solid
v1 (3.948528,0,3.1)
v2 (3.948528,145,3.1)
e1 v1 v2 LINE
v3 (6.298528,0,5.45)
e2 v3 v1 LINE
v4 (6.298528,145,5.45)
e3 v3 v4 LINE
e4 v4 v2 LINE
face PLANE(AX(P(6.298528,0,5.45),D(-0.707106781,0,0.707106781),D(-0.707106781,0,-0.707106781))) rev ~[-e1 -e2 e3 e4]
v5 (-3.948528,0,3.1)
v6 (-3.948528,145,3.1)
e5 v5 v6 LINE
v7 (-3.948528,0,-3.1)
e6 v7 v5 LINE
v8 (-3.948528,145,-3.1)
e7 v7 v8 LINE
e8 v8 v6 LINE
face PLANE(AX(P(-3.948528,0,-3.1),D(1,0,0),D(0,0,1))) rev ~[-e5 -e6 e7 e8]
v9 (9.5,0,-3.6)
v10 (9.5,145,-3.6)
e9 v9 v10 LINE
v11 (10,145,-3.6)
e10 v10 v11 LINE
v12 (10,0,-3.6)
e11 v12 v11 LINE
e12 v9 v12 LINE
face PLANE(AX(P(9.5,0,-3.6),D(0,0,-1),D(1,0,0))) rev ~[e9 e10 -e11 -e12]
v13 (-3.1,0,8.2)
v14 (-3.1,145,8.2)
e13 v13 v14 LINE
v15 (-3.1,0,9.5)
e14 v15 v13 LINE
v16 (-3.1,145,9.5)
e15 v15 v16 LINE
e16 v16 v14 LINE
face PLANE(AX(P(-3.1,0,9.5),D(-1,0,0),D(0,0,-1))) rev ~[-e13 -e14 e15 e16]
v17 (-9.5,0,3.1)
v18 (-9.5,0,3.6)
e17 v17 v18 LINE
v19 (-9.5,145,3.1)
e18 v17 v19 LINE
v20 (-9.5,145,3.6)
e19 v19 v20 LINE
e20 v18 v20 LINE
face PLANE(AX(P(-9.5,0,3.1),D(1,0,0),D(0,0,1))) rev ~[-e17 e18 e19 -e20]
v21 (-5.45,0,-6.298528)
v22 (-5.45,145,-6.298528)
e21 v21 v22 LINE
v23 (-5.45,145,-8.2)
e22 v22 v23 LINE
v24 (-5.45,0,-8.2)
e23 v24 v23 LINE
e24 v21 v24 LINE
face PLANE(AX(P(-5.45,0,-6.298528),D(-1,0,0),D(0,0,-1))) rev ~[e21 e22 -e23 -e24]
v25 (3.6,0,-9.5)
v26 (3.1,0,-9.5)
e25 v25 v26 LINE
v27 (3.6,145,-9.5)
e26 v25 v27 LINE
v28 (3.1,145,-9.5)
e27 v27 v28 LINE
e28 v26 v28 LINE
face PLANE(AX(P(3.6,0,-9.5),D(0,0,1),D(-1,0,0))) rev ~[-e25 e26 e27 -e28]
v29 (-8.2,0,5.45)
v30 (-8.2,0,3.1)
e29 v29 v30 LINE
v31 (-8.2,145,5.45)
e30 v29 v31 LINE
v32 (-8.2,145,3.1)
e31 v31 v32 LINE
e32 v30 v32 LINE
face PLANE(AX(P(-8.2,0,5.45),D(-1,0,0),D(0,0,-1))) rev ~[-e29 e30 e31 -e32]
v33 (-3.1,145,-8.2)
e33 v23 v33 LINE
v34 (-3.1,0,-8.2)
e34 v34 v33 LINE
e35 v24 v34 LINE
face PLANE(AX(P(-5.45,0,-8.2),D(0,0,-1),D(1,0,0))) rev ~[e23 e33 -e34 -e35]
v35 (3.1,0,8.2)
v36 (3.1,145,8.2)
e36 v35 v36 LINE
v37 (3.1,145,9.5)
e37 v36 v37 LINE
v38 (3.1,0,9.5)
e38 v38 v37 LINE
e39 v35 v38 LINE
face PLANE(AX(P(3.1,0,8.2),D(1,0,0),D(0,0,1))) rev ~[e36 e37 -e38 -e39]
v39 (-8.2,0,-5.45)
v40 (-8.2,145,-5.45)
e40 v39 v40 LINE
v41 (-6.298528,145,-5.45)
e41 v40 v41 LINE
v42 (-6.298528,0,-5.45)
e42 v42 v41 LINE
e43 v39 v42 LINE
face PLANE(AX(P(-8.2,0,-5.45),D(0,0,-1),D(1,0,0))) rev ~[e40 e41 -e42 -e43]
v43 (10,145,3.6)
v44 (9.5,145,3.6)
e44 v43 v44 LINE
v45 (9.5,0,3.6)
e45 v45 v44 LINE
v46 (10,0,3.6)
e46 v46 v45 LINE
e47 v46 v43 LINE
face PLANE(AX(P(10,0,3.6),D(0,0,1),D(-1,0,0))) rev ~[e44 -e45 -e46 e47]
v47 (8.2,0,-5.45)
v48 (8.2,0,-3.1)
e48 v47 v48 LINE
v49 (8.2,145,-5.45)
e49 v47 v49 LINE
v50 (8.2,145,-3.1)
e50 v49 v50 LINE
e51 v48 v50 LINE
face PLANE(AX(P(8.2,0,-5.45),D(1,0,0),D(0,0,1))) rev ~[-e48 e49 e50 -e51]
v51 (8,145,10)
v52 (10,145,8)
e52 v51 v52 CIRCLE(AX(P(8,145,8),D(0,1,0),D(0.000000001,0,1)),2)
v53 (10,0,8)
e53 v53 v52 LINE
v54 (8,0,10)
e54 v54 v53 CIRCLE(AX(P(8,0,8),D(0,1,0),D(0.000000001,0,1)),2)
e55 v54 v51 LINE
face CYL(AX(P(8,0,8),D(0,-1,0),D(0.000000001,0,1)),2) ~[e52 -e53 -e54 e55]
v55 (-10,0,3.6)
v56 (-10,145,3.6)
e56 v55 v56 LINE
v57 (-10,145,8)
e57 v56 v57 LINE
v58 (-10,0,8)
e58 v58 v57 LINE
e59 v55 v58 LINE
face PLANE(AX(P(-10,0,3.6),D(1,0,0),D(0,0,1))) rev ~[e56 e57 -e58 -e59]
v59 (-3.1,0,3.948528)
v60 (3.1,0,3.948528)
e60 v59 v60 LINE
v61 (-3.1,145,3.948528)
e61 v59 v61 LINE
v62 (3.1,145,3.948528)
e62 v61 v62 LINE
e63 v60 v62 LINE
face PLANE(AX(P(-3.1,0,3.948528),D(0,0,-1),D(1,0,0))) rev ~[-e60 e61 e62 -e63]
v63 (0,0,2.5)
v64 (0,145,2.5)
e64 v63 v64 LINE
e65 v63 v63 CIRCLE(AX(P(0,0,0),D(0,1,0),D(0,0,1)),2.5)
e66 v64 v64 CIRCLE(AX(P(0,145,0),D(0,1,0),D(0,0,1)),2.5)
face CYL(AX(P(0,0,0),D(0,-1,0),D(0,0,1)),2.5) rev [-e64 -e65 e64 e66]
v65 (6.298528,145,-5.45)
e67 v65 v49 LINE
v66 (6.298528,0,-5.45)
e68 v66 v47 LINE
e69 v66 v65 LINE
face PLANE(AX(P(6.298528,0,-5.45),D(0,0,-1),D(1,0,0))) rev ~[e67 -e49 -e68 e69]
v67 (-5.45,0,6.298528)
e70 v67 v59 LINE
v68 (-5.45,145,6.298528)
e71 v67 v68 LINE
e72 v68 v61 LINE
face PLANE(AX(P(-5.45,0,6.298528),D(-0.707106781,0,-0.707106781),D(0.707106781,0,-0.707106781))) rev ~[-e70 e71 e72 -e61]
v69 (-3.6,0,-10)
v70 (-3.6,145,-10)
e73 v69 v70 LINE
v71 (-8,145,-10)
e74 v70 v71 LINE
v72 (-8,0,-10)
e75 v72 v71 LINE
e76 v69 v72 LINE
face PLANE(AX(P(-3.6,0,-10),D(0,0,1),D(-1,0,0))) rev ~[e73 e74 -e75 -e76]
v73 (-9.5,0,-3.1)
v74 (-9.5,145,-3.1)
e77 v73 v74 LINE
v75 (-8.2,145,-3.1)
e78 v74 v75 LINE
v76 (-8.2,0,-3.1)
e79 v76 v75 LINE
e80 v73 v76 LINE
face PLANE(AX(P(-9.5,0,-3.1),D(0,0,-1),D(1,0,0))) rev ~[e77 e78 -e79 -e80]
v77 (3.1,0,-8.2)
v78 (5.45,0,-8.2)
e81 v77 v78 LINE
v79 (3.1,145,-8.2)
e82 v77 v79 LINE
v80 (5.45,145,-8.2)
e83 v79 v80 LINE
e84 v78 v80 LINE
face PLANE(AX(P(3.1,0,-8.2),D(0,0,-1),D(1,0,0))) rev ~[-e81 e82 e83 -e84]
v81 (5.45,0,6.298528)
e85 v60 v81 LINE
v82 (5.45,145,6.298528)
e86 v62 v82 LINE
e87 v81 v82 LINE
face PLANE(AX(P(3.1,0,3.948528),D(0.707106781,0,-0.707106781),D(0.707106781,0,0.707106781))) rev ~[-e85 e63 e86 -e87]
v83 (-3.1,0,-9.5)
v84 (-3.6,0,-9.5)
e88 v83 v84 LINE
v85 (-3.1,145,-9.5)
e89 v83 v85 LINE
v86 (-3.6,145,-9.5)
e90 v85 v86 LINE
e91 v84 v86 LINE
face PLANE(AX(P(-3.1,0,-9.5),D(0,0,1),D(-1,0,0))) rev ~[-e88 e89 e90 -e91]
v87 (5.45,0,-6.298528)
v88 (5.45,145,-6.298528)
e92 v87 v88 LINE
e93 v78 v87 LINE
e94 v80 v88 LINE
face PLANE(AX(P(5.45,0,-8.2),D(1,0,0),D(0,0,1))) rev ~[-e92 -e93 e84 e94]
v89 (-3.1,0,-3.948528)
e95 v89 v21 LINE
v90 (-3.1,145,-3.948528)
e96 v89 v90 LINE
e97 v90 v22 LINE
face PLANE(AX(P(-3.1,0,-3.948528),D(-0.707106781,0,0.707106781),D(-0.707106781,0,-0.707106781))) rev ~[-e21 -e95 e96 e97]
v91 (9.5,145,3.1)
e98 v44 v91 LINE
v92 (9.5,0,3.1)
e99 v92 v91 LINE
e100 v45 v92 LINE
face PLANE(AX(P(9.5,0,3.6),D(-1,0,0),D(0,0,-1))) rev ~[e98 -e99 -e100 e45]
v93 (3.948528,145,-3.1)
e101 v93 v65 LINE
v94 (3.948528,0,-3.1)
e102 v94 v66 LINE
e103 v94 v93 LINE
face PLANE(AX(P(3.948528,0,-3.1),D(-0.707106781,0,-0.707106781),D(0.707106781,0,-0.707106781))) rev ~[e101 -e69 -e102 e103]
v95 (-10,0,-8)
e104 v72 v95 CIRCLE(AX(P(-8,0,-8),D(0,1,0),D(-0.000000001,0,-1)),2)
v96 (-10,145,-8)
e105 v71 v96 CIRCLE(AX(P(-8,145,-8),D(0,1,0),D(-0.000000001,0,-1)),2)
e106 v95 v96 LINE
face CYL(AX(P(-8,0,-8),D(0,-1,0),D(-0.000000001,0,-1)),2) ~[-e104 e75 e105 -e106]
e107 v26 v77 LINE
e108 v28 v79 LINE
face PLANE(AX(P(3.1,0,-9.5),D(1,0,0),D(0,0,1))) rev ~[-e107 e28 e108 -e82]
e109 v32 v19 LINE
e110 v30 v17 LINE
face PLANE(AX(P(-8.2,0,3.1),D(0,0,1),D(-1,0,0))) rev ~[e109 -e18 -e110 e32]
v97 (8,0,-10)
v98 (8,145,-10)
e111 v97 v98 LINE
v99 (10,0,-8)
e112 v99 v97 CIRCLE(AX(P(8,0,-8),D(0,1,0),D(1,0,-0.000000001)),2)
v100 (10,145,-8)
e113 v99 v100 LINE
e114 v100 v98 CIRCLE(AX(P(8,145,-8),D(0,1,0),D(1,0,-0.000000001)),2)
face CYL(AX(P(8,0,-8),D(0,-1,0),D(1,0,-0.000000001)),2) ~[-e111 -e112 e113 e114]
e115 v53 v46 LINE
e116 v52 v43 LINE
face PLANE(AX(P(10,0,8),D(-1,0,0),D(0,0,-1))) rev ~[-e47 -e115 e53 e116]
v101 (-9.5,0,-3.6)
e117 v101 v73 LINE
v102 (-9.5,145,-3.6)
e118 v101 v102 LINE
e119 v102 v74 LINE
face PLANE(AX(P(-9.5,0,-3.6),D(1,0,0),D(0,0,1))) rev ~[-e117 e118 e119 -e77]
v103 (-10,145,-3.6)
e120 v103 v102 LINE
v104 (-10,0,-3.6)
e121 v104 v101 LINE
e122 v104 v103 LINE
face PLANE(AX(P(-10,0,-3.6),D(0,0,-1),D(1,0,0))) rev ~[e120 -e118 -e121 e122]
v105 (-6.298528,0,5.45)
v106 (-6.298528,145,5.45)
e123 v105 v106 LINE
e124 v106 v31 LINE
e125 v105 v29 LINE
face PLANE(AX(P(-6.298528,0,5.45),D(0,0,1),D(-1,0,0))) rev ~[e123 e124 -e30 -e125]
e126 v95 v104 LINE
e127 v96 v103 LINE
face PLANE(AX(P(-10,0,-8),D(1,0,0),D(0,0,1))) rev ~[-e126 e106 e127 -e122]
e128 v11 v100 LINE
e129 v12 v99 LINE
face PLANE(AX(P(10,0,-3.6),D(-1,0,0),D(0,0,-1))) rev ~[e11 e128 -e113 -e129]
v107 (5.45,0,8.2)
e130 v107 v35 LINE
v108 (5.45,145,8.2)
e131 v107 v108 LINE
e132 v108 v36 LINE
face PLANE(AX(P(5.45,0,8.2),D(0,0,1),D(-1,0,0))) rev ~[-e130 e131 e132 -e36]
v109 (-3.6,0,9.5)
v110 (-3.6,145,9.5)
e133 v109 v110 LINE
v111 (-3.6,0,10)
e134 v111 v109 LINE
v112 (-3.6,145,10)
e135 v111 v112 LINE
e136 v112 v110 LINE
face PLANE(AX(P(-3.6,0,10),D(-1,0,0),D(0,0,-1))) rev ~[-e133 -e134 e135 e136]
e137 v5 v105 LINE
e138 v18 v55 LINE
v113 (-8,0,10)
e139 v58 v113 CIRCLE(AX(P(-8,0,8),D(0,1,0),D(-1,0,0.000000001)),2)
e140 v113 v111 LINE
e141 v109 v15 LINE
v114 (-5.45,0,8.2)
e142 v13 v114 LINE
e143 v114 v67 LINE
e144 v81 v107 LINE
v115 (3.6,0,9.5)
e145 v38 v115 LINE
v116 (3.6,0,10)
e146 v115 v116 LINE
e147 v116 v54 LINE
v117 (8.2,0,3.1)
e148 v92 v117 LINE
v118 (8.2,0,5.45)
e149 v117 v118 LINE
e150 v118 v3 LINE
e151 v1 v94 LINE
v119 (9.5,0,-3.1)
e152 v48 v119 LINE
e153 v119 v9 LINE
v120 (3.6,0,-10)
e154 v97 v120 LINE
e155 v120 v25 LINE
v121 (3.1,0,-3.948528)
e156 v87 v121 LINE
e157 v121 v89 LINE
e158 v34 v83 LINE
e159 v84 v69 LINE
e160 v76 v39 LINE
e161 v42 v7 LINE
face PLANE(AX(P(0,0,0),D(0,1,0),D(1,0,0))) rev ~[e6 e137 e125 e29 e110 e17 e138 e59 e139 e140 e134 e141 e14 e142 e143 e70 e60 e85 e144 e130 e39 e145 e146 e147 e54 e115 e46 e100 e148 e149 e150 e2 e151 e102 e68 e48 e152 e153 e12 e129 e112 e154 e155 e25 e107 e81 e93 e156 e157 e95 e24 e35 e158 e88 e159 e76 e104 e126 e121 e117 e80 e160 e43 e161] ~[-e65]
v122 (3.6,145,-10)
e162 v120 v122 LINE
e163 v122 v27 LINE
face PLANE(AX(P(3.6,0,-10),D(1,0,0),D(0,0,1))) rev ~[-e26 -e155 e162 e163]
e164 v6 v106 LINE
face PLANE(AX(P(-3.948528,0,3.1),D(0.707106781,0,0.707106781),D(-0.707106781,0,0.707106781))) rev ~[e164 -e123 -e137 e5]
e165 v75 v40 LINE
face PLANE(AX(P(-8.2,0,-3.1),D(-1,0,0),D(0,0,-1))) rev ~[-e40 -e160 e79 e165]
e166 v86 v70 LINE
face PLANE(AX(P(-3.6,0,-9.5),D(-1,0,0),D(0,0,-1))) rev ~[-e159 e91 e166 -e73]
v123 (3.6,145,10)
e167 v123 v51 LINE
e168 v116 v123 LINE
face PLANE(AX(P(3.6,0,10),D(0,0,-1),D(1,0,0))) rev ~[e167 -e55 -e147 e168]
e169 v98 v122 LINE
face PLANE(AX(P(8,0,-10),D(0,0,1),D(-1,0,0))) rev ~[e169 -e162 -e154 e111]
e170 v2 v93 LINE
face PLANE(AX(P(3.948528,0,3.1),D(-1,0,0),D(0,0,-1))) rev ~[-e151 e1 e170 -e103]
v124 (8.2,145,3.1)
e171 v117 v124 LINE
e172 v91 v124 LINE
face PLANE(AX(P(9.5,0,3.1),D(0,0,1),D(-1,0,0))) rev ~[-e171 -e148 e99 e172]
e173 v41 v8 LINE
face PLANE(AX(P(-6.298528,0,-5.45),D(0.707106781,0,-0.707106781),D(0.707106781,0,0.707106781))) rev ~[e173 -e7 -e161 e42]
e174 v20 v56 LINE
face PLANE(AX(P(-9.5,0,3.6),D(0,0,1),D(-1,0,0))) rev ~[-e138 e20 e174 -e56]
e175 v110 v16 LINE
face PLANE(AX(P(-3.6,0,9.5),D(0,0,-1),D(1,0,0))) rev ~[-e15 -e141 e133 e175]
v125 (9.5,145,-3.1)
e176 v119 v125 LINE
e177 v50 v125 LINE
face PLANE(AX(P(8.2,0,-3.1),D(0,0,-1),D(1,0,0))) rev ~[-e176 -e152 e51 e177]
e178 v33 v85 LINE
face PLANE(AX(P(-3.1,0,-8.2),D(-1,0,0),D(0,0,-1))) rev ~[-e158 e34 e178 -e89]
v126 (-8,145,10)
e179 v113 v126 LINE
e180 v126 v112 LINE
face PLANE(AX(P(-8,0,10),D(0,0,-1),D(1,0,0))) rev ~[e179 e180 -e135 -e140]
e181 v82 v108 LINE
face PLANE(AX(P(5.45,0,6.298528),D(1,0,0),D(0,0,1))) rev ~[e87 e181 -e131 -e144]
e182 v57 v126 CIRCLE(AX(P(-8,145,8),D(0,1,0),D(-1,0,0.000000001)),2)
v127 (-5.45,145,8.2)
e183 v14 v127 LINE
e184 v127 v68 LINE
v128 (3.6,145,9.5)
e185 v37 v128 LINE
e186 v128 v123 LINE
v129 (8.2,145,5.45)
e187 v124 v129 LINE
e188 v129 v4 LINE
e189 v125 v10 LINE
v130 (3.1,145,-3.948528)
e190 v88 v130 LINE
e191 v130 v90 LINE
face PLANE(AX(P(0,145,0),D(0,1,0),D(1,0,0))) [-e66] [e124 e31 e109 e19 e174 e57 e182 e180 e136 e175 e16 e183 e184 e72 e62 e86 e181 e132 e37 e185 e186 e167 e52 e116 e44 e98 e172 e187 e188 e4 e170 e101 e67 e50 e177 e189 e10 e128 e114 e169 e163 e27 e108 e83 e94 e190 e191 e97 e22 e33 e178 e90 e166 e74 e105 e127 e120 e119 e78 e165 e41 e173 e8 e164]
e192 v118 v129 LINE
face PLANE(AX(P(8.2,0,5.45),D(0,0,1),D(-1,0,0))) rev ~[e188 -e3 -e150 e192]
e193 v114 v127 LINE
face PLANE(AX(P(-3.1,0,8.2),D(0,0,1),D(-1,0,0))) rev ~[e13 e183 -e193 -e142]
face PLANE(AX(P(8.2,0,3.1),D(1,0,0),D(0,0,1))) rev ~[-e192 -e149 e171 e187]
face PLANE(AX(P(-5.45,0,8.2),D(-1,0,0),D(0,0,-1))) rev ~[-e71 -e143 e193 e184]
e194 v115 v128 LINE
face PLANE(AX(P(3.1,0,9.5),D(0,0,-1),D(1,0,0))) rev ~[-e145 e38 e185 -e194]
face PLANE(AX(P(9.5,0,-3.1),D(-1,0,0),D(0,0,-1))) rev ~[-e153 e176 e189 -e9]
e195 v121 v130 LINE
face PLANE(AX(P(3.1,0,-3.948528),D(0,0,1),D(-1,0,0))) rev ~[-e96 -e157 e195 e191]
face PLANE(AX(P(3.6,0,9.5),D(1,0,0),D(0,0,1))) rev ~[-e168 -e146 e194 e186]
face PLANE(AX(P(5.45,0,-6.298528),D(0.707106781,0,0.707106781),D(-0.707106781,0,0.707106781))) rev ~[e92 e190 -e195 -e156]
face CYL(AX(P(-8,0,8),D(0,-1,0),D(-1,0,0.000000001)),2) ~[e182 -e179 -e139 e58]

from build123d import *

# Parameters (mm, degrees)
SKETCH_1_R      = 2.5
EXTRUDE_1_DEPTH = 145


with BuildPart() as part:
    # 草图1 → 凸台-拉伸1 (new body)
    with BuildSketch(Plane(origin=(0, 0, 0), x_dir=(1, 0, 0), z_dir=(0, 1, 0))):
        with BuildLine():
            Line((-3.948528137, -3.1), (-6.298528137, -5.45))
            Line((-6.298528137, -5.45), (-8.2, -5.45))
            Line((-8.2, -5.45), (-8.2, -3.1))
            Line((-8.2, -3.1), (-9.5, -3.1))
            Line((-9.5, -3.1), (-9.5, -3.6))
            Line((-9.5, -3.6), (-10, -3.6))
            Line((-10, -3.6), (-10, -8))
            ThreePointArc((-10, -8), (-9.414213562, -9.414213562), (-8, -10))
            Line((-8, -10), (-3.6, -10))
            Line((-3.6, -10), (-3.6, -9.5))
            Line((-3.6, -9.5), (-3.1, -9.5))
            Line((-3.1, -9.5), (-3.1, -8.2))
            Line((-3.1, -8.2), (-5.45, -8.2))
            Line((-5.45, -8.2), (-5.45, -6.298528137))
            Line((-5.45, -6.298528137), (-3.1, -3.948528137))
            Line((-3.1, -3.948528137), (0, -3.948528137))
            Line((0, -3.948528137), (3.1, -3.948528137))
            Line((3.1, -3.948528137), (5.45, -6.298528137))
            Line((5.45, -6.298528137), (5.45, -8.2))
            Line((5.45, -8.2), (3.1, -8.2))
            Line((3.1, -8.2), (3.1, -9.5))
            Line((3.1, -9.5), (3.6, -9.5))
            Line((3.6, -9.5), (3.6, -10))
            Line((3.6, -10), (8, -10))
            ThreePointArc((8, -10), (9.414213562, -9.414213562), (10, -8))
            Line((10, -8), (10, -3.6))
            Line((10, -3.6), (9.5, -3.6))
            Line((9.5, -3.6), (9.5, -3.1))
            Line((9.5, -3.1), (8.2, -3.1))
            Line((8.2, -3.1), (8.2, -5.45))
            Line((8.2, -5.45), (6.298528137, -5.45))
            Line((6.298528137, -5.45), (3.948528137, -3.1))
            Line((3.948528137, -3.1), (3.948528137, 0))
            Line((3.948528137, 0), (3.948528137, 3.1))
            Line((3.948528137, 3.1), (6.298528137, 5.45))
            Line((6.298528137, 5.45), (8.2, 5.45))
            Line((8.2, 5.45), (8.2, 3.1))
            Line((8.2, 3.1), (9.5, 3.1))
            Line((9.5, 3.1), (9.5, 3.6))
            Line((9.5, 3.6), (10, 3.6))
            Line((10, 3.6), (10, 8))
            ThreePointArc((10, 8), (9.414213562, 9.414213562), (8, 10))
            Line((8, 10), (3.6, 10))
            Line((3.6, 10), (3.6, 9.5))
            Line((3.6, 9.5), (3.1, 9.5))
            Line((3.1, 9.5), (3.1, 8.2))
            Line((3.1, 8.2), (5.45, 8.2))
            Line((5.45, 8.2), (5.45, 6.298528137))
            Line((5.45, 6.298528137), (3.1, 3.948528137))
            Line((3.1, 3.948528137), (0, 3.948528137))
            Line((0, 3.948528137), (-3.1, 3.948528137))
            Line((-3.1, 3.948528137), (-5.45, 6.298528137))
            Line((-5.45, 6.298528137), (-5.45, 8.2))
            Line((-5.45, 8.2), (-3.1, 8.2))
            Line((-3.1, 8.2), (-3.1, 9.5))
            Line((-3.1, 9.5), (-3.6, 9.5))
            Line((-3.6, 9.5), (-3.6, 10))
            Line((-3.6, 10), (-8, 10))
            ThreePointArc((-8, 10), (-9.414213562, 9.414213562), (-10, 8))
            Line((-10, 8), (-10, 3.6))
            Line((-10, 3.6), (-9.5, 3.6))
            Line((-9.5, 3.6), (-9.5, 3.1))
            Line((-9.5, 3.1), (-8.2, 3.1))
            Line((-8.2, 3.1), (-8.2, 5.45))
            Line((-8.2, 5.45), (-6.298528137, 5.45))
            Line((-6.298528137, 5.45), (-3.948528137, 3.1))
            Line((-3.948528137, 3.1), (-3.948528137, 0))
            Line((-3.948528137, 0), (-3.948528137, -3.1))
        make_face()
        with Locations(Location((0, 0, 0), (0, 0, 270))):
            Circle(SKETCH_1_R, mode=Mode.SUBTRACT)
    extrude(amount=EXTRUDE_1_DEPTH)


solid = part.part
